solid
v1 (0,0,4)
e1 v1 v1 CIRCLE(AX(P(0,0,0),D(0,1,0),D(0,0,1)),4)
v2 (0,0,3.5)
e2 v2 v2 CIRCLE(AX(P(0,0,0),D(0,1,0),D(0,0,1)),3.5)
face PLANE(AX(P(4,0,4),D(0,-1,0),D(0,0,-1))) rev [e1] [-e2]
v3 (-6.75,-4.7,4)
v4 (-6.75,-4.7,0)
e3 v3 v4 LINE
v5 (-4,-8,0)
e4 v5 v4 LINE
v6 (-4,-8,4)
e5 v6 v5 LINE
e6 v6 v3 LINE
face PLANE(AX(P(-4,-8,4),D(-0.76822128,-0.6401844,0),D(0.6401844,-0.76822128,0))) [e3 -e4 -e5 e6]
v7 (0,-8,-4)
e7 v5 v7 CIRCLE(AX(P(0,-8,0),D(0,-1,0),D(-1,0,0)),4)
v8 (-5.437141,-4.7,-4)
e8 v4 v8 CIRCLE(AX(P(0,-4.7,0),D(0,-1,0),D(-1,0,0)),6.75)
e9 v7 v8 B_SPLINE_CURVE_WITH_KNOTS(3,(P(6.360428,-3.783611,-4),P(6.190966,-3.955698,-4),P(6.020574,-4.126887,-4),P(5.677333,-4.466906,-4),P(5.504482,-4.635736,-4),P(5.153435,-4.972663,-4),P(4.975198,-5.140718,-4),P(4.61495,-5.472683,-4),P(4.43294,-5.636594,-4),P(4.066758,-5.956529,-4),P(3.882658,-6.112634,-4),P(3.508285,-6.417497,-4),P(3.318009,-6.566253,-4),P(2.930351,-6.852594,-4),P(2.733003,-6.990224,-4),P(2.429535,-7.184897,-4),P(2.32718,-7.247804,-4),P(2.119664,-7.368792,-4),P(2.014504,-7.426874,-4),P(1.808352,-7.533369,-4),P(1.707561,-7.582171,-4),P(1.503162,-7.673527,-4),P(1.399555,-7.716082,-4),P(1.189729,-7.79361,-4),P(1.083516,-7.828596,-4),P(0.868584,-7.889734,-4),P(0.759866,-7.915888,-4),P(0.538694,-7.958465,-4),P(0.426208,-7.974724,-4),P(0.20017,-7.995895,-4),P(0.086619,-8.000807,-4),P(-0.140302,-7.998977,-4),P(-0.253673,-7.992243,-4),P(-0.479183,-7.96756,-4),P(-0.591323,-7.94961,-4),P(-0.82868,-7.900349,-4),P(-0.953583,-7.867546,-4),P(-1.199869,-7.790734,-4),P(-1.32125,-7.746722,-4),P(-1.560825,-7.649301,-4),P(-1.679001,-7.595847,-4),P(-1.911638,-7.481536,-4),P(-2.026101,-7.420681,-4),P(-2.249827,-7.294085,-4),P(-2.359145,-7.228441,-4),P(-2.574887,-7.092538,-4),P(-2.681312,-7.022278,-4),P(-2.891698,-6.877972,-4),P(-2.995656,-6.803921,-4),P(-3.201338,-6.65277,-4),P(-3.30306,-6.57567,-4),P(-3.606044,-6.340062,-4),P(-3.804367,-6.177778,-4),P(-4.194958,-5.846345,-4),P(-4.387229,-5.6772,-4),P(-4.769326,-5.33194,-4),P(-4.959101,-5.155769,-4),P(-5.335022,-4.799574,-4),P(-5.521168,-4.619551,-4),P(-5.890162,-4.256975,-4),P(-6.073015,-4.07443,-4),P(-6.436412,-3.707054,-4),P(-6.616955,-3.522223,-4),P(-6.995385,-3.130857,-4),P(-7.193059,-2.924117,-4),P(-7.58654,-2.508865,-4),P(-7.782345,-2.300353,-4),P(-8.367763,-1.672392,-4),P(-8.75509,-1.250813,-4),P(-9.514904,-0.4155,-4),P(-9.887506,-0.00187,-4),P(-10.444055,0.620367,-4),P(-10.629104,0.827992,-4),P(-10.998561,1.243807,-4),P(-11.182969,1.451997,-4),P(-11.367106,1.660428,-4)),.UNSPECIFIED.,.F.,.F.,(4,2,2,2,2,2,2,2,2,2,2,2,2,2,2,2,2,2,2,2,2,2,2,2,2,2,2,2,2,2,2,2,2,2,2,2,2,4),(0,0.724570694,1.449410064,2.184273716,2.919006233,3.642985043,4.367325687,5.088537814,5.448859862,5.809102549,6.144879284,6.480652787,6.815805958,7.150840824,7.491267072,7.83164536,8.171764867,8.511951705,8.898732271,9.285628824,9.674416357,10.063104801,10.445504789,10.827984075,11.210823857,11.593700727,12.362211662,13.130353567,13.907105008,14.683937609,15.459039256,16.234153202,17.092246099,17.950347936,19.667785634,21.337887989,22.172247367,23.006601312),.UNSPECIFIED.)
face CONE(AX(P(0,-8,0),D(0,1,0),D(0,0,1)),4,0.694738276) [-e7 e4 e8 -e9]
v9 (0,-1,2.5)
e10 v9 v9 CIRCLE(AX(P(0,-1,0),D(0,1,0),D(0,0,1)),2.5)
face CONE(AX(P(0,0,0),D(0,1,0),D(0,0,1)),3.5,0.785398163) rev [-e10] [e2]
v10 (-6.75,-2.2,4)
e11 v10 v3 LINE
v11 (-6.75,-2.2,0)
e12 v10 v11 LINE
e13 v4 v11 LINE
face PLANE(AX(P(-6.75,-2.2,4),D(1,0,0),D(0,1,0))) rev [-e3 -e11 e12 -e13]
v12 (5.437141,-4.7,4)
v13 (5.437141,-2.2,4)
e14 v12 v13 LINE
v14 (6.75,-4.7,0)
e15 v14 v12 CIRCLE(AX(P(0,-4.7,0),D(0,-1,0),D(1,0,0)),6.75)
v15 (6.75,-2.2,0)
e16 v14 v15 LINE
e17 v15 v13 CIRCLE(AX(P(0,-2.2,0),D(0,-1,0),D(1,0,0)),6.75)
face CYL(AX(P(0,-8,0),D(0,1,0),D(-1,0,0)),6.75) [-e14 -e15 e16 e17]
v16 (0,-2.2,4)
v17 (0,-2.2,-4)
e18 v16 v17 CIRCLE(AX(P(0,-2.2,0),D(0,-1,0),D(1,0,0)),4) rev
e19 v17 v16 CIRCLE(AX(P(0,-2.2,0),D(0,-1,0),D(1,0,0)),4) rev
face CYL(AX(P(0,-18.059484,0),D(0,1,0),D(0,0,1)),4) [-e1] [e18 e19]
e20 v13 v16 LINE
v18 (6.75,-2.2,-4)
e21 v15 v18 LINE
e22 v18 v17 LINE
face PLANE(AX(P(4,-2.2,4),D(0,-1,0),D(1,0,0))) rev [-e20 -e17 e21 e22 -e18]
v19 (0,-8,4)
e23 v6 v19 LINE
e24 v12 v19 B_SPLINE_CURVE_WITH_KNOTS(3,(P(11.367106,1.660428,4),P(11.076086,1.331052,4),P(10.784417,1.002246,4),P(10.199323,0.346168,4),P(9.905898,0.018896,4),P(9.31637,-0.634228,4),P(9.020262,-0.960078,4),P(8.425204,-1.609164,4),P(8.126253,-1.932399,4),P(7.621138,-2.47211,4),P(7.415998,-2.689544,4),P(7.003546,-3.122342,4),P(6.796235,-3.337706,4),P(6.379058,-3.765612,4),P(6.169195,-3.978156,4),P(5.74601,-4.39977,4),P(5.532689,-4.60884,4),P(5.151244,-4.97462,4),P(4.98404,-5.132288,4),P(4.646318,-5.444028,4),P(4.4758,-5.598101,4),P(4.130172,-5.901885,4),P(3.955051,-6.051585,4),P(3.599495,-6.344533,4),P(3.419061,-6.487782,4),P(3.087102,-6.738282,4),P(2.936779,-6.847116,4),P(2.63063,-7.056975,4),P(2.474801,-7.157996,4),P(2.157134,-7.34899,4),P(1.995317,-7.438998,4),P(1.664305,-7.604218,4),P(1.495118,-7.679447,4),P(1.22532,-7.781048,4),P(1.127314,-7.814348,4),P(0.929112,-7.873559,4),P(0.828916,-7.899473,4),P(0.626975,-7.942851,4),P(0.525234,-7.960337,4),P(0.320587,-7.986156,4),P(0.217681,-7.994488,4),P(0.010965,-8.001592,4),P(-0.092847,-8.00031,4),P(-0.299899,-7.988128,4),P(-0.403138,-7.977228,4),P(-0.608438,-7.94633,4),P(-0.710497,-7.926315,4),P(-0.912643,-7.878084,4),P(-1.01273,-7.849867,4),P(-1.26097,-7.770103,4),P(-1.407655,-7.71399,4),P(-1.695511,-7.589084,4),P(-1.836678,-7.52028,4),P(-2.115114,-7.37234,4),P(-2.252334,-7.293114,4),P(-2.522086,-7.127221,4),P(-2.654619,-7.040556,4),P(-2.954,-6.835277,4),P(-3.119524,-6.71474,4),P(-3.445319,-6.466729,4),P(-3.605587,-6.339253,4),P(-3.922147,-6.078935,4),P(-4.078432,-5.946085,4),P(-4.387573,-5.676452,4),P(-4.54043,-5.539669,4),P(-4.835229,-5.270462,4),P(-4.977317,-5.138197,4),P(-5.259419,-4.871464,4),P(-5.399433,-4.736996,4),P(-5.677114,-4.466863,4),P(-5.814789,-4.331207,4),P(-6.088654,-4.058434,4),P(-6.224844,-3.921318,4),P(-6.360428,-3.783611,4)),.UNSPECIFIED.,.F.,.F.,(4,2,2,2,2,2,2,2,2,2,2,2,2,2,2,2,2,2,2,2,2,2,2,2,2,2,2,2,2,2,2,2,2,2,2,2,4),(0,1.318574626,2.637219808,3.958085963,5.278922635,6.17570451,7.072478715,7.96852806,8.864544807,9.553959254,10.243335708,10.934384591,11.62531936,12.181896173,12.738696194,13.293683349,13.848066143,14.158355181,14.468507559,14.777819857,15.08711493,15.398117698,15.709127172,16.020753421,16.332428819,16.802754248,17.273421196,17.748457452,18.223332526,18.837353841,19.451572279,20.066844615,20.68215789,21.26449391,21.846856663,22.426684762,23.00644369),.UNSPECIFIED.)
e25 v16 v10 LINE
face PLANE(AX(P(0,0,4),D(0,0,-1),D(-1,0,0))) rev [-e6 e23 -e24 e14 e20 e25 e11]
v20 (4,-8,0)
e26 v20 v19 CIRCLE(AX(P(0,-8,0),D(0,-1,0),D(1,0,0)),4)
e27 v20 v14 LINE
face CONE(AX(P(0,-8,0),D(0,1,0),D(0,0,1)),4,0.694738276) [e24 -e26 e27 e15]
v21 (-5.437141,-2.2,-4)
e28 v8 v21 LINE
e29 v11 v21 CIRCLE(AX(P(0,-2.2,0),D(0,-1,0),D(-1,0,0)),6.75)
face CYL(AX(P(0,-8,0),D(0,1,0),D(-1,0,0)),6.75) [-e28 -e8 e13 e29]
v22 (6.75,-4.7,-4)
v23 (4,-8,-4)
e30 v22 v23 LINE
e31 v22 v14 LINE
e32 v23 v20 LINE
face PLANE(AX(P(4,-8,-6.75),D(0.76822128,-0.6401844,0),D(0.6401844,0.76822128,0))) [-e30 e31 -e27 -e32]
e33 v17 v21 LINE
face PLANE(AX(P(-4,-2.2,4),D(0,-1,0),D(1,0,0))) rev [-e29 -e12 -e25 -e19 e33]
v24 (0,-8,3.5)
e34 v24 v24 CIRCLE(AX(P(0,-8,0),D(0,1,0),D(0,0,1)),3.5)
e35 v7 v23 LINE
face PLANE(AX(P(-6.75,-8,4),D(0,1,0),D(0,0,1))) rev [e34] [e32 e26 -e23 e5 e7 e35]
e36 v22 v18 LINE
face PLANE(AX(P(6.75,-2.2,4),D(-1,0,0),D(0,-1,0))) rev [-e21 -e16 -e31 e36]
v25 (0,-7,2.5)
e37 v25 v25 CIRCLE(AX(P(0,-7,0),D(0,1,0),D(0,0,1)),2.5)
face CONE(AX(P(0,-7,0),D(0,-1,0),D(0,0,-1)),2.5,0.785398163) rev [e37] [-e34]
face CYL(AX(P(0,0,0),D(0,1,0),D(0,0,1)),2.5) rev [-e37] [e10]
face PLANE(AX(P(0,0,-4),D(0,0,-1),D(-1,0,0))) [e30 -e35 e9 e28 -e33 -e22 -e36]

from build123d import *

# Parameters (mm, degrees)
EXTRUDE_1_DEPTH     = 4
SKETCH_4_OUTSIDE_W  = 19.022
SKETCH_4_OUTSIDE_H  = 13.522
SKETCH_4_OUTSIDE_R  = 4
CUT_EXTRUDE_1_DEPTH = 2.2
CUT_EXTRUDE_2_DEPTH = 6.8


with BuildPart() as part:
    # Эскиз1 → Бобышка-Вытянуть1 (new body, symmetric)
    with BuildSketch(Plane.XY):
        Polygon((4, 0), (-4, 0), (-4, -2.2), (-6.75, -2.2), (-6.75, -8), (6.75, -8), (6.75, -2.2), (4, -2.2), align=None)
    extrude(amount=EXTRUDE_1_DEPTH, both=True)

    # Эскиз3 → Отверстие обработанное метчиком M62 (revolve, cut)
    with BuildSketch(Plane(origin=(0, 0, 0), x_dir=(0, 0, 1), z_dir=(1, 0, 0))):
        Polygon((0, 0), (0, 8), (3.5, 8), (2.5, 7), (2.5, 1), (3.5, 0), align=None)
    revolve(axis=Axis((0, 6.35, 0), (0, -1, 0)), mode=Mode.SUBTRACT)

    # Эскиз4 outside → Вырез-Вытянуть1 (cut)
    with BuildSketch(Plane(origin=(0, 0, 0), x_dir=(1, 0, 0), z_dir=(0, 1, 0))):
        Rectangle(SKETCH_4_OUTSIDE_W, SKETCH_4_OUTSIDE_H)
        with Locations(Location((0, 0, 0), (0, 0, 270))):  # turned: the seam where the file's is
            Circle(SKETCH_4_OUTSIDE_R, mode=Mode.SUBTRACT)
    extrude(amount=-CUT_EXTRUDE_1_DEPTH, mode=Mode.SUBTRACT)

    # Эскиз5 → Вырез-Вытянуть2 (cut, through all)
    with BuildSketch(Plane(origin=(0, -2.2, 0), x_dir=(1, 0, 0), z_dir=(0, 1, 0))):
        with BuildLine():
            Line((-6.75, 0), (-6.75, 4))
            Line((-6.75, 4), (-5.437140793, 4))
            ThreePointArc((-5.437140793, 4), (-6.413392252, 2.104970267), (-6.75, 0))
        make_face()
        with BuildLine():
            Line((6.75, 0), (6.75, -4))
            Line((6.75, -4), (5.437140793, -4))
            ThreePointArc((5.437140793, -4), (6.413392252, -2.104970267), (6.75, 0))
        make_face()
    extrude(amount=-CUT_EXTRUDE_2_DEPTH, mode=Mode.SUBTRACT)

    # Вырез-По траектории1: sweep along a path in Эскиз7
    with BuildLine(Plane.XZ.offset(8)) as sweep_1_path:
        Line((0, 6.75), (-6.75, 6.75))
        Line((-6.75, 6.75), (-6.75, 0))
        ThreePointArc((-6.75, 0), (-4.772970773, -4.772970773), (0, -6.75))
        Line((0, -6.75), (6.75, -6.75))
        Line((6.75, -6.75), (6.75, 0))
        ThreePointArc((6.75, 0), (4.772970773, 4.772970773), (0, 6.75))
    # Эскиз6 → Вырез-По траектории1 (sweep, cut)
    with BuildSketch(Plane.XY.offset(4)):
        Polygon((-6.75, -4.7), (-6.75, -8), (-4, -8), align=None)
    sweep(path=sweep_1_path.line, transition=Transition.RIGHT, mode=Mode.SUBTRACT)


solid = part.part
